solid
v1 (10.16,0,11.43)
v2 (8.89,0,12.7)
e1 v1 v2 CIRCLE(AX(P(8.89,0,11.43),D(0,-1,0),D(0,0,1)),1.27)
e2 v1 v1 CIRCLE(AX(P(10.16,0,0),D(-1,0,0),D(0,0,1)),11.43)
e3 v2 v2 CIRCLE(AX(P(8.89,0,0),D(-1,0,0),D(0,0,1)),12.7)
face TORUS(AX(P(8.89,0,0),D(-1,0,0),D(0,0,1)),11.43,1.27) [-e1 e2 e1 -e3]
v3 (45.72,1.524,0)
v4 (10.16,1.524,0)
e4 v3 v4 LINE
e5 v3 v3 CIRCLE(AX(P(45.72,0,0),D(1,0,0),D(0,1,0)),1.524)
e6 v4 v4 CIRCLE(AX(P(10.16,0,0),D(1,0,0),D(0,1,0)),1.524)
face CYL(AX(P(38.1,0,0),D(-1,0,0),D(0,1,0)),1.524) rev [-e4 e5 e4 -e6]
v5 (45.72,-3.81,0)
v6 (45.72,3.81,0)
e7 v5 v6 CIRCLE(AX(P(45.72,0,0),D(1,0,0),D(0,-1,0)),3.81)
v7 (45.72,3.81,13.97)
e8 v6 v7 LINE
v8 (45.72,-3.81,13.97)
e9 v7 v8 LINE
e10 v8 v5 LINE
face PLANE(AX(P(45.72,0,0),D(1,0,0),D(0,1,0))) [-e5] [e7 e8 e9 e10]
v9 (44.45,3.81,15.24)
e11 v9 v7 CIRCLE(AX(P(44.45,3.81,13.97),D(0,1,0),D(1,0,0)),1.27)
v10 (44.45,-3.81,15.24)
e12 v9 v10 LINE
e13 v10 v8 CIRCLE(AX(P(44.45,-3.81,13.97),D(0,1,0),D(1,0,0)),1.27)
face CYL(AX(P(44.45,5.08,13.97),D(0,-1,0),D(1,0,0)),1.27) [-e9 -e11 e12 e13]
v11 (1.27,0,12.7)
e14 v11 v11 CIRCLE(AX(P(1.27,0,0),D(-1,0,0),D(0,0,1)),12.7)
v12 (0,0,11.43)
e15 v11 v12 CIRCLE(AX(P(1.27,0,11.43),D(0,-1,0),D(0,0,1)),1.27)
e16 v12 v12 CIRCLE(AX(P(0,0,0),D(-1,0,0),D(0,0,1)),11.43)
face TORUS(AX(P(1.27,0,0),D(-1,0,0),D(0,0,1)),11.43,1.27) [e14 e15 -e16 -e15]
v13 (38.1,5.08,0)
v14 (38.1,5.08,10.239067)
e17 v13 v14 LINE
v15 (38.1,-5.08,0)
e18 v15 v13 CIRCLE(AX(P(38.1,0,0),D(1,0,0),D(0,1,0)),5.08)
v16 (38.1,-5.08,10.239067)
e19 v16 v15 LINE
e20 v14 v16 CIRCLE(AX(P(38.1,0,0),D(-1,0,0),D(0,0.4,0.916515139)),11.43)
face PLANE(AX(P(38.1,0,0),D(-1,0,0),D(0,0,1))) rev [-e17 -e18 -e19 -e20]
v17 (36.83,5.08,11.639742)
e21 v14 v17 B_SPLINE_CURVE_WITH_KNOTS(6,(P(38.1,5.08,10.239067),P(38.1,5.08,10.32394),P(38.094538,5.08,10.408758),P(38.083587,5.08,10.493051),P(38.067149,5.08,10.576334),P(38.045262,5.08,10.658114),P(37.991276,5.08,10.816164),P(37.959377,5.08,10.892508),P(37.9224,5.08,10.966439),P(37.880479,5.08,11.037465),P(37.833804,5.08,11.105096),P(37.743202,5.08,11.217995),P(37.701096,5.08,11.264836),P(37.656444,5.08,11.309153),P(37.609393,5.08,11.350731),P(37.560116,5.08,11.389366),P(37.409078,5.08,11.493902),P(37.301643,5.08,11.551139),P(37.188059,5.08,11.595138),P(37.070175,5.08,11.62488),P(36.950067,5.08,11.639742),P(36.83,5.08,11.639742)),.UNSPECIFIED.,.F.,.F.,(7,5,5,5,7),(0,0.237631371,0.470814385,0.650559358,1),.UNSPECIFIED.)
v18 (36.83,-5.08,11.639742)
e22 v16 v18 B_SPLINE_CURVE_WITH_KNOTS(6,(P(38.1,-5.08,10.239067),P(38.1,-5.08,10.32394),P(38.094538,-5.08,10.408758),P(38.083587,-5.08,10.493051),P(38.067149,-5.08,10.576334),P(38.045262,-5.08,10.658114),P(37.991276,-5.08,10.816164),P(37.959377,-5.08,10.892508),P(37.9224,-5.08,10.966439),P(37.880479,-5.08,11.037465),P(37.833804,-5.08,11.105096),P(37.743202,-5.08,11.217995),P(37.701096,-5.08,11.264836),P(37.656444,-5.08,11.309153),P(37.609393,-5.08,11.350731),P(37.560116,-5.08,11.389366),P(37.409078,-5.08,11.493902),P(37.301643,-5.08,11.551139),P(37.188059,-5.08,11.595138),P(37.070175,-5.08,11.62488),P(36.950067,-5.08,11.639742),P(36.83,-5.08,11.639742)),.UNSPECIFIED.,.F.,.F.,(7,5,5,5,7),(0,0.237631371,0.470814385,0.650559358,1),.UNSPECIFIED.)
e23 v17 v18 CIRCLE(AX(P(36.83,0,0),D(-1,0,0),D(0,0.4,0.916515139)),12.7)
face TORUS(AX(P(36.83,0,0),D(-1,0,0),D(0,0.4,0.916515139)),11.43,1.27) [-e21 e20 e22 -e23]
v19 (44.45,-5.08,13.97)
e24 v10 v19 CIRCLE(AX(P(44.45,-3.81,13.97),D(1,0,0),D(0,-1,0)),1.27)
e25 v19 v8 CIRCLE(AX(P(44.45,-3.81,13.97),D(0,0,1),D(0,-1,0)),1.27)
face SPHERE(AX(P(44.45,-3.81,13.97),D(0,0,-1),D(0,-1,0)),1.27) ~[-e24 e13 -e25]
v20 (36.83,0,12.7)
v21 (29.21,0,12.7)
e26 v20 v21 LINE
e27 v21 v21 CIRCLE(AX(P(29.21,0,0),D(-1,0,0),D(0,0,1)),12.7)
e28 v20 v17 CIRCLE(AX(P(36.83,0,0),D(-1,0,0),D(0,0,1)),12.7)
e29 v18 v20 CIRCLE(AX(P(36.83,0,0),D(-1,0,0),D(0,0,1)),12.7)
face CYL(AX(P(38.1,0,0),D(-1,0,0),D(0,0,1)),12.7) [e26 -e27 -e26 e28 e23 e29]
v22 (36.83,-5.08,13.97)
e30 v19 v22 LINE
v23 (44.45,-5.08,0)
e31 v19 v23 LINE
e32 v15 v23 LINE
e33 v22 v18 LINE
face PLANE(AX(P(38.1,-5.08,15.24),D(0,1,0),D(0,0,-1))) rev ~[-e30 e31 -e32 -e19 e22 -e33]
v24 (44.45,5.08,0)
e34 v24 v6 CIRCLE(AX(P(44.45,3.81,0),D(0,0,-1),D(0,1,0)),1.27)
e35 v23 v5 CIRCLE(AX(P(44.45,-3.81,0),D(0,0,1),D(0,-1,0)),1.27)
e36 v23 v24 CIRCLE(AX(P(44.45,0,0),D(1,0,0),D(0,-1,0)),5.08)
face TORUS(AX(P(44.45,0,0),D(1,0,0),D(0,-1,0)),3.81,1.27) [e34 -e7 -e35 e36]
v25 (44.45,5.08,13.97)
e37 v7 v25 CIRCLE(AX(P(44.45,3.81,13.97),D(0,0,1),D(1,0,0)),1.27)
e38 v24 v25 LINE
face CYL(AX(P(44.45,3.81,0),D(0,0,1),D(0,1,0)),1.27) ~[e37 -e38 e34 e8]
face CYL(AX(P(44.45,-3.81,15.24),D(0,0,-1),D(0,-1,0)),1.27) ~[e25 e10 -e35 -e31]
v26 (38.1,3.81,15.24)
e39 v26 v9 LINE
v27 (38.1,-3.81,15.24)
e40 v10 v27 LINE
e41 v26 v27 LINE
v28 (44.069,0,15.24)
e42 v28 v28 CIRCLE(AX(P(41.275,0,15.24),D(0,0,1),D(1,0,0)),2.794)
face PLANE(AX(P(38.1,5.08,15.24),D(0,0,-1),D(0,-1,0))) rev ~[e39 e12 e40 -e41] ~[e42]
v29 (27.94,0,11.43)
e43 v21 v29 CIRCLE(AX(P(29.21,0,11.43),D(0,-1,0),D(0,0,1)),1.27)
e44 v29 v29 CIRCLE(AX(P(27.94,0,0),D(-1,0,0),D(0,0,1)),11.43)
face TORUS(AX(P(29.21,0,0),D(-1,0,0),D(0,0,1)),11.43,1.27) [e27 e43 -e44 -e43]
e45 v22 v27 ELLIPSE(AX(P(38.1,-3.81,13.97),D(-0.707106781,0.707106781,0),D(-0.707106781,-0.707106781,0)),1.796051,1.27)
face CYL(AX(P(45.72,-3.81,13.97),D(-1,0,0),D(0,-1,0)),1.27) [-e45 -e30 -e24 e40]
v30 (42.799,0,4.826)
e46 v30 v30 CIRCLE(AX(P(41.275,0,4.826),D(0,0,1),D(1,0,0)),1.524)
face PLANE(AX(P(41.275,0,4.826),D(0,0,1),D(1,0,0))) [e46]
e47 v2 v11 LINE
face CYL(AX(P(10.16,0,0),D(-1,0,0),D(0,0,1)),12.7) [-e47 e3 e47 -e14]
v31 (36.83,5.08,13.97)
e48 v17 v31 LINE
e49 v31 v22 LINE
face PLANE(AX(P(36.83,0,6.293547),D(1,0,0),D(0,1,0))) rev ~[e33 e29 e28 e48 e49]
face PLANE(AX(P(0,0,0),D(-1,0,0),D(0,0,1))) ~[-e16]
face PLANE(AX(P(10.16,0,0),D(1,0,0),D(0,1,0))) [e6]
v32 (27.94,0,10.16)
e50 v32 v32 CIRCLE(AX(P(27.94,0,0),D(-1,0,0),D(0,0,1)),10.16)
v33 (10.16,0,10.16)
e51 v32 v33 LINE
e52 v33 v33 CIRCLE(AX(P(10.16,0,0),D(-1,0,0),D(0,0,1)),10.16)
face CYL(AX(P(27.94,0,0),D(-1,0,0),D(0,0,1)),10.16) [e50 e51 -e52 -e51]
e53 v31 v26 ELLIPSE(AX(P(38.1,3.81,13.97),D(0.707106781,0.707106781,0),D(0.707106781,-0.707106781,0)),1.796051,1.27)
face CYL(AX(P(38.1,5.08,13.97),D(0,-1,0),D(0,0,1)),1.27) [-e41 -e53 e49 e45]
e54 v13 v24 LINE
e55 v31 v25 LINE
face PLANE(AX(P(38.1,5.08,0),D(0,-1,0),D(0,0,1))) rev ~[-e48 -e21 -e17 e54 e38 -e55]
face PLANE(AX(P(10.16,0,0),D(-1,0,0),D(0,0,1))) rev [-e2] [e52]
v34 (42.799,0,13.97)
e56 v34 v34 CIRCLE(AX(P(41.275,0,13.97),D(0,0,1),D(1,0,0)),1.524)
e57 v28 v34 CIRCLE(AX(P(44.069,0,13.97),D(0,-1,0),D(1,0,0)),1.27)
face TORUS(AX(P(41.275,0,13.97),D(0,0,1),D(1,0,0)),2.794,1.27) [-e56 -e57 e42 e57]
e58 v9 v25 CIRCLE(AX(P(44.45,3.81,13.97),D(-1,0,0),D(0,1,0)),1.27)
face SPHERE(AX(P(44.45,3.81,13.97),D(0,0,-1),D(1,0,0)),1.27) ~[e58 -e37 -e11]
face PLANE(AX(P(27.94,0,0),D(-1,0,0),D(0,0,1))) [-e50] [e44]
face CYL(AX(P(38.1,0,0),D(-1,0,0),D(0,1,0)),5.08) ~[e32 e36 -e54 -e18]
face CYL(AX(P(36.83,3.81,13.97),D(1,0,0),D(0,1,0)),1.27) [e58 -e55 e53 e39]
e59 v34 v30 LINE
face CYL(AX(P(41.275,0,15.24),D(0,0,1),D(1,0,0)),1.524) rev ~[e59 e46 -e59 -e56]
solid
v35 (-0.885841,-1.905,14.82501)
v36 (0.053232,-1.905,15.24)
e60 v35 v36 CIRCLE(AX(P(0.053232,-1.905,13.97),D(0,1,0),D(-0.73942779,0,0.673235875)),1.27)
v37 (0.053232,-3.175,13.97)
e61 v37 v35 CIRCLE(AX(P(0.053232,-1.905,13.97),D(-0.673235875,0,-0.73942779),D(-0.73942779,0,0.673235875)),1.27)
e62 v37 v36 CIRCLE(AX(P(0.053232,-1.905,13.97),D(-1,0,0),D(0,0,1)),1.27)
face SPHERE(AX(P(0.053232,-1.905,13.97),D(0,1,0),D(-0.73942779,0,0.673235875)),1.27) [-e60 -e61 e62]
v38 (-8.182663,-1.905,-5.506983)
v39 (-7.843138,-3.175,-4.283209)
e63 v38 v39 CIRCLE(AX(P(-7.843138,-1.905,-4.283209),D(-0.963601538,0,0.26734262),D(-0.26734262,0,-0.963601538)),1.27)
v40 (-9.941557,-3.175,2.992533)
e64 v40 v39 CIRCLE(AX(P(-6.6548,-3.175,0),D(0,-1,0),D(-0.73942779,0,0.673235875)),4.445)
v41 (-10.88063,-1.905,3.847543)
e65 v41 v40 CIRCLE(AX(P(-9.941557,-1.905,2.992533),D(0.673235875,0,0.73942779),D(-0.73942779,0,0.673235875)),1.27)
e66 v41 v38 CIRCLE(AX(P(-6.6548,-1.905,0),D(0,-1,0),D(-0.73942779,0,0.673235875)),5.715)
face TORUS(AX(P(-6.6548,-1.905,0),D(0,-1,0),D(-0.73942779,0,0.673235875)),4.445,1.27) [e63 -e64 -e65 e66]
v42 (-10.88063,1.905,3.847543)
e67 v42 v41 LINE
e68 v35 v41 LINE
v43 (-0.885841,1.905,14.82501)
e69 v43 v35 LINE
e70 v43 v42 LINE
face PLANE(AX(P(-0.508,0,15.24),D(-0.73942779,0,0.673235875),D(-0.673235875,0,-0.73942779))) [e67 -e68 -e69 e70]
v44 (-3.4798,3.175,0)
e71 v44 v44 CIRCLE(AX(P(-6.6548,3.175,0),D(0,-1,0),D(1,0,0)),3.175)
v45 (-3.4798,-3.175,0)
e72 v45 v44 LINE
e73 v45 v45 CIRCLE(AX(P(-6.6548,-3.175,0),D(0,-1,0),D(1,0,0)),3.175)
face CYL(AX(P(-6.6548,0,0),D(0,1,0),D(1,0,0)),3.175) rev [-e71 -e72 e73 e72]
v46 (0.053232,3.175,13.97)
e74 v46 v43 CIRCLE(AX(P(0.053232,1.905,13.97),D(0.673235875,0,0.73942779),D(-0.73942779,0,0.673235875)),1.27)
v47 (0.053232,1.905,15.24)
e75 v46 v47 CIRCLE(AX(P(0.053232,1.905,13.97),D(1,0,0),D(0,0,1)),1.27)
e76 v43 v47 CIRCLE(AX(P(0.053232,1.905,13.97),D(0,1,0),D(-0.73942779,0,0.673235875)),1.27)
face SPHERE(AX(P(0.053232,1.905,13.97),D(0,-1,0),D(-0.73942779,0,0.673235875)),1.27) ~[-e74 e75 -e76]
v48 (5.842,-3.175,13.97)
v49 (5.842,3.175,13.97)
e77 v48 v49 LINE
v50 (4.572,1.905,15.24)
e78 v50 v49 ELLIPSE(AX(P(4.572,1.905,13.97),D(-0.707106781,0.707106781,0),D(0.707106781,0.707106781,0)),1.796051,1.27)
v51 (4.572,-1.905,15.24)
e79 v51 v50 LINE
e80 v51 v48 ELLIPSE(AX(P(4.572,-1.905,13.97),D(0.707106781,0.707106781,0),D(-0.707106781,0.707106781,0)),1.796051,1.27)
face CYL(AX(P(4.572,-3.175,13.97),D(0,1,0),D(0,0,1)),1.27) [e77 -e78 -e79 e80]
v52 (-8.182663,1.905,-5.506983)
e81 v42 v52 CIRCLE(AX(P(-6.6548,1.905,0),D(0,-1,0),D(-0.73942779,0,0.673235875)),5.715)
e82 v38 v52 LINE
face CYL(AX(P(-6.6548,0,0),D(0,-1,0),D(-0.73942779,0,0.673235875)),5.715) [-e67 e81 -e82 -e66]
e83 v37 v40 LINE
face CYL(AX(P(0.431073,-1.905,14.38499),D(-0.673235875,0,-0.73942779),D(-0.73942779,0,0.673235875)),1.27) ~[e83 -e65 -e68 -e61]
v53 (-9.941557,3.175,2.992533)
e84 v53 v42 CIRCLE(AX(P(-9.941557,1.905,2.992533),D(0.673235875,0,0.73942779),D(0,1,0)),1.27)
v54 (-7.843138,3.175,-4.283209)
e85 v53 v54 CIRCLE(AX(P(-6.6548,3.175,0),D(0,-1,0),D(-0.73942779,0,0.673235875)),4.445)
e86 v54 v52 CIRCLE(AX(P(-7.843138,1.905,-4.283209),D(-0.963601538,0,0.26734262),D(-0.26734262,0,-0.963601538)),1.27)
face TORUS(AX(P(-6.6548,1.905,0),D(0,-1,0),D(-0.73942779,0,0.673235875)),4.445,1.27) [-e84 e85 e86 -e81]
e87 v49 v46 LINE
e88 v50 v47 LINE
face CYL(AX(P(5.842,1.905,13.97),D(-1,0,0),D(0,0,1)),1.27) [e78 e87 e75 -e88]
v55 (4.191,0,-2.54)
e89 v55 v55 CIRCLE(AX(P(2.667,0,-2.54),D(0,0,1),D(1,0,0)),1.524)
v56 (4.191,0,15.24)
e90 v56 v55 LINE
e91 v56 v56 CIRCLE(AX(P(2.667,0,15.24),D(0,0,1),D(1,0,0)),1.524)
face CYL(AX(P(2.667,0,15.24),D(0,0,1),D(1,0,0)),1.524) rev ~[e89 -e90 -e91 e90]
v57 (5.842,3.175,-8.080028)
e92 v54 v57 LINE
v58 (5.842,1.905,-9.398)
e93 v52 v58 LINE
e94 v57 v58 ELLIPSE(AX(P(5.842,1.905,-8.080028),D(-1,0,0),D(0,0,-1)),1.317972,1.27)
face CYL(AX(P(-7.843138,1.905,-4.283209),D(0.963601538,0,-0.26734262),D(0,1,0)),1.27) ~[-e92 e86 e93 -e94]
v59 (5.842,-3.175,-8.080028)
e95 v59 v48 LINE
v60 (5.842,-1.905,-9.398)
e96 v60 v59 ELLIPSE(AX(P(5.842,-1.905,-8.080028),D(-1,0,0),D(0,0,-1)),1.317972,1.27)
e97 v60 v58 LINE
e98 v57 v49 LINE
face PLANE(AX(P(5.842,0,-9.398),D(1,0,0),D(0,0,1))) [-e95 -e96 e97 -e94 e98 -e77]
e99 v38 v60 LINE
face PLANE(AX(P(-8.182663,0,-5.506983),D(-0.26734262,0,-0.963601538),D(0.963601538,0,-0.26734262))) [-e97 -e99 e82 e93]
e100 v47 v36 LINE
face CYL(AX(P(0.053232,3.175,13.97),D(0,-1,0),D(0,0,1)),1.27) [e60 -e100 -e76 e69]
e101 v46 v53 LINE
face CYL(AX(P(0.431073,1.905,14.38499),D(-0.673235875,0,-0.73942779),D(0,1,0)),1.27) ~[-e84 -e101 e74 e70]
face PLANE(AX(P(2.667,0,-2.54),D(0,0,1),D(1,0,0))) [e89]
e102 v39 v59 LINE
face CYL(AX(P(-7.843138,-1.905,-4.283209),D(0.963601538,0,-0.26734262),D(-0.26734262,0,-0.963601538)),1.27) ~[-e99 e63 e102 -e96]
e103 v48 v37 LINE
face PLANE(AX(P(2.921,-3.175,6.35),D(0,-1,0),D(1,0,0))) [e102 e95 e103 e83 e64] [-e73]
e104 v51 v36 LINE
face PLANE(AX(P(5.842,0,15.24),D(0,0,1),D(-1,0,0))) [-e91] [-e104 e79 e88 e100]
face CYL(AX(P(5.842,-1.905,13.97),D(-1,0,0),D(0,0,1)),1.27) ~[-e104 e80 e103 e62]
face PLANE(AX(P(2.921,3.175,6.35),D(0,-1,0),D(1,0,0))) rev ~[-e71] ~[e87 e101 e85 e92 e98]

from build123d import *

# Parameters (mm, degrees)
F0_W     = 5.842
F0_H     = 12.7
F0_R     = 3.175
F2_DEPTH = 3.175
F3_R     = 1.524
F4_DEPTH = 1.27
F5_DEPTH = 7.62
F6_DEPTH = 27.94
F7_R     = 1.524
F8_DEPTH = 17.78
F9_DEPTH = 10.414
F10_R    = 1.27
F10_2_R  = 1.27


with BuildPart() as f1:
    # F0 (on Front) → F1 (revolve)
    with BuildSketch(Plane.XZ):
        Polygon((5.842, 12.7), (5.842, 0), (38.1, 0), (38.1, 12.7), (27.94, 12.7), (27.94, 10.16), (10.16, 10.16), (10.16, 12.7), align=None)
        with Locations((2.921, 6.35)):
            Rectangle(F0_W, F0_H)
    revolve(axis=Axis((19.05, 0, 0), (-1, 0, 0)))

    # F3 (on face) → F4 (join)
    with BuildSketch(Plane.YZ.offset(38.1)):
        with BuildLine():
            ThreePointArc((-5.08, 0), (0, 5.08), (5.08, 0))
            Line((5.08, 0), (5.08, 11.6397422652))
            ThreePointArc((5.08, 11.6397422652), (0, 12.7), (-5.08, 11.6397422652))
            Line((-5.08, 11.6397422652), (-5.08, 0))
        make_face()
        with BuildLine():
            ThreePointArc((-5.08, 11.6397422652), (0, 12.7), (5.08, 11.6397422652))
            Line((5.08, 11.6397422652), (5.08, 15.24))
            Line((5.08, 15.24), (3.175, 15.24))
            Line((3.175, 15.24), (-3.175, 15.24))
            Line((-3.175, 15.24), (-5.08, 15.24))
            Line((-5.08, 15.24), (-5.08, 11.6397422652))
        make_face()
        with BuildLine():
            ThreePointArc((-5.08, 0), (0, -5.08), (5.08, 0))
            ThreePointArc((5.08, 0), (0, 5.08), (-5.08, 0))
        make_face()
        Circle(F3_R, mode=Mode.SUBTRACT)
    extrude(amount=-F4_DEPTH)

    # F3 (on face) → F5 (join)
    with BuildSketch(Plane.YZ.offset(38.1)):
        with BuildLine():
            ThreePointArc((-5.08, 0), (0, -5.08), (5.08, 0))
            ThreePointArc((5.08, 0), (0, 5.08), (-5.08, 0))
        make_face()
        Circle(F3_R, mode=Mode.SUBTRACT)
        with BuildLine():
            ThreePointArc((-5.08, 0), (0, 5.08), (5.08, 0))
            Line((5.08, 0), (5.08, 11.6397422652))
            ThreePointArc((5.08, 11.6397422652), (0, 12.7), (-5.08, 11.6397422652))
            Line((-5.08, 11.6397422652), (-5.08, 0))
        make_face()
        with BuildLine():
            ThreePointArc((-5.08, 11.6397422652), (0, 12.7), (5.08, 11.6397422652))
            Line((5.08, 11.6397422652), (5.08, 15.24))
            Line((5.08, 15.24), (3.175, 15.24))
            Line((3.175, 15.24), (-3.175, 15.24))
            Line((-3.175, 15.24), (-5.08, 15.24))
            Line((-5.08, 15.24), (-5.08, 11.6397422652))
        make_face()
    extrude(amount=F5_DEPTH)

    # F3 (on face) → F6 (cut, through all)
    with BuildSketch(Plane.YZ.offset(38.1)):
        Circle(F3_R)
    extrude(amount=-F6_DEPTH, mode=Mode.SUBTRACT)

    # F7 (on face) → F9 (cut)
    with BuildSketch(Plane.XY.offset(15.24)):
        with Locations((41.275, 0)):
            Circle(F7_R)
    extrude(amount=-F9_DEPTH, mode=Mode.SUBTRACT)

    # F10#2
    f10_2_edges = [f1.edges().sort_by_distance(p)[0] for p in [
        (10.16, 0, -12.7),
        (0, 0, -12.7),
        (27.94, 0, -12.7),
        (38.1, 0, -12.7),
        (45.72, 0, -5.08),
        (41.275, -5.08, 15.24),
        (45.72, 0, 15.24),
        (41.275, 5.08, 15.24),
        (36.83, 0, 15.24),
        (39.751, 0, 15.24),
    ]]
    fillet(f10_2_edges, radius=F10_2_R)


with BuildPart() as f2:
    # F0 (on Front) → F2 (new body, symmetric)
    with BuildSketch(Plane.XZ):
        with Locations((2.921, 6.35)):
            Rectangle(F0_W, F0_H)
        with BuildLine():
            Line((-0.9398, 0), (0, 0))
            Line((0, 0), (0, 12.7))
            Line((0, 12.7), (5.842, 12.7))
            Line((5.842, 12.7), (5.842, 15.24))
            Line((5.842, 15.24), (-0.508, 15.24))
            Line((-0.508, 15.24), (-10.8806298187, 3.8475430269))
            ThreePointArc((-10.8806298187, 3.8475430269), (-4.5919612295, 5.3297205562), (-0.9398, 0))
        make_face()
        with BuildLine():
            ThreePointArc((-8.1826630726, -5.5069827884), (-3.1957909266, -4.5493385486), (-0.9398, 0))
            ThreePointArc((-0.9398, 0), (-4.5919612295, 5.3297205562), (-10.8806298187, 3.8475430269))
            ThreePointArc((-10.8806298187, 3.8475430269), (-12.1459778134, -1.5837270034), (-8.1826630726, -5.5069827884))
        make_face()
        with Locations((-6.6548, 0)):
            Circle(F0_R, mode=Mode.SUBTRACT)
        with BuildLine():
            Line((5.842, 0), (0, 0))
            Line((0, 0), (-0.9398, 0))
            ThreePointArc((-0.9398, 0), (-3.1957909266, -4.5493385486), (-8.1826630726, -5.5069827884))
            Line((-8.1826630726, -5.5069827884), (5.842, -9.398))
            Line((5.842, -9.398), (5.842, 0))
        make_face()
    extrude(amount=F2_DEPTH, both=True)

    # F7 (on face) → F8 (cut)
    with BuildSketch(Plane.XY.offset(15.24)):
        with Locations((2.667, 0)):
            Circle(F7_R)
    extrude(amount=-F8_DEPTH, mode=Mode.SUBTRACT)

    # F10
    f10_edges = [f2.edges().sort_by_distance(p)[0] for p in [
        (2.667, -3.175, 15.24),
        (5.842, 0, 15.24),
        (2.667, 3.175, 15.24),
        (-0.508, 0, 15.24),
        (-5.694315, -3.175, 9.543772),
        (-12.145978, 3.175, -1.583727),
    ]]
    fillet(f10_edges, radius=F10_R)


solid = Compound([f1.part, f2.part])
